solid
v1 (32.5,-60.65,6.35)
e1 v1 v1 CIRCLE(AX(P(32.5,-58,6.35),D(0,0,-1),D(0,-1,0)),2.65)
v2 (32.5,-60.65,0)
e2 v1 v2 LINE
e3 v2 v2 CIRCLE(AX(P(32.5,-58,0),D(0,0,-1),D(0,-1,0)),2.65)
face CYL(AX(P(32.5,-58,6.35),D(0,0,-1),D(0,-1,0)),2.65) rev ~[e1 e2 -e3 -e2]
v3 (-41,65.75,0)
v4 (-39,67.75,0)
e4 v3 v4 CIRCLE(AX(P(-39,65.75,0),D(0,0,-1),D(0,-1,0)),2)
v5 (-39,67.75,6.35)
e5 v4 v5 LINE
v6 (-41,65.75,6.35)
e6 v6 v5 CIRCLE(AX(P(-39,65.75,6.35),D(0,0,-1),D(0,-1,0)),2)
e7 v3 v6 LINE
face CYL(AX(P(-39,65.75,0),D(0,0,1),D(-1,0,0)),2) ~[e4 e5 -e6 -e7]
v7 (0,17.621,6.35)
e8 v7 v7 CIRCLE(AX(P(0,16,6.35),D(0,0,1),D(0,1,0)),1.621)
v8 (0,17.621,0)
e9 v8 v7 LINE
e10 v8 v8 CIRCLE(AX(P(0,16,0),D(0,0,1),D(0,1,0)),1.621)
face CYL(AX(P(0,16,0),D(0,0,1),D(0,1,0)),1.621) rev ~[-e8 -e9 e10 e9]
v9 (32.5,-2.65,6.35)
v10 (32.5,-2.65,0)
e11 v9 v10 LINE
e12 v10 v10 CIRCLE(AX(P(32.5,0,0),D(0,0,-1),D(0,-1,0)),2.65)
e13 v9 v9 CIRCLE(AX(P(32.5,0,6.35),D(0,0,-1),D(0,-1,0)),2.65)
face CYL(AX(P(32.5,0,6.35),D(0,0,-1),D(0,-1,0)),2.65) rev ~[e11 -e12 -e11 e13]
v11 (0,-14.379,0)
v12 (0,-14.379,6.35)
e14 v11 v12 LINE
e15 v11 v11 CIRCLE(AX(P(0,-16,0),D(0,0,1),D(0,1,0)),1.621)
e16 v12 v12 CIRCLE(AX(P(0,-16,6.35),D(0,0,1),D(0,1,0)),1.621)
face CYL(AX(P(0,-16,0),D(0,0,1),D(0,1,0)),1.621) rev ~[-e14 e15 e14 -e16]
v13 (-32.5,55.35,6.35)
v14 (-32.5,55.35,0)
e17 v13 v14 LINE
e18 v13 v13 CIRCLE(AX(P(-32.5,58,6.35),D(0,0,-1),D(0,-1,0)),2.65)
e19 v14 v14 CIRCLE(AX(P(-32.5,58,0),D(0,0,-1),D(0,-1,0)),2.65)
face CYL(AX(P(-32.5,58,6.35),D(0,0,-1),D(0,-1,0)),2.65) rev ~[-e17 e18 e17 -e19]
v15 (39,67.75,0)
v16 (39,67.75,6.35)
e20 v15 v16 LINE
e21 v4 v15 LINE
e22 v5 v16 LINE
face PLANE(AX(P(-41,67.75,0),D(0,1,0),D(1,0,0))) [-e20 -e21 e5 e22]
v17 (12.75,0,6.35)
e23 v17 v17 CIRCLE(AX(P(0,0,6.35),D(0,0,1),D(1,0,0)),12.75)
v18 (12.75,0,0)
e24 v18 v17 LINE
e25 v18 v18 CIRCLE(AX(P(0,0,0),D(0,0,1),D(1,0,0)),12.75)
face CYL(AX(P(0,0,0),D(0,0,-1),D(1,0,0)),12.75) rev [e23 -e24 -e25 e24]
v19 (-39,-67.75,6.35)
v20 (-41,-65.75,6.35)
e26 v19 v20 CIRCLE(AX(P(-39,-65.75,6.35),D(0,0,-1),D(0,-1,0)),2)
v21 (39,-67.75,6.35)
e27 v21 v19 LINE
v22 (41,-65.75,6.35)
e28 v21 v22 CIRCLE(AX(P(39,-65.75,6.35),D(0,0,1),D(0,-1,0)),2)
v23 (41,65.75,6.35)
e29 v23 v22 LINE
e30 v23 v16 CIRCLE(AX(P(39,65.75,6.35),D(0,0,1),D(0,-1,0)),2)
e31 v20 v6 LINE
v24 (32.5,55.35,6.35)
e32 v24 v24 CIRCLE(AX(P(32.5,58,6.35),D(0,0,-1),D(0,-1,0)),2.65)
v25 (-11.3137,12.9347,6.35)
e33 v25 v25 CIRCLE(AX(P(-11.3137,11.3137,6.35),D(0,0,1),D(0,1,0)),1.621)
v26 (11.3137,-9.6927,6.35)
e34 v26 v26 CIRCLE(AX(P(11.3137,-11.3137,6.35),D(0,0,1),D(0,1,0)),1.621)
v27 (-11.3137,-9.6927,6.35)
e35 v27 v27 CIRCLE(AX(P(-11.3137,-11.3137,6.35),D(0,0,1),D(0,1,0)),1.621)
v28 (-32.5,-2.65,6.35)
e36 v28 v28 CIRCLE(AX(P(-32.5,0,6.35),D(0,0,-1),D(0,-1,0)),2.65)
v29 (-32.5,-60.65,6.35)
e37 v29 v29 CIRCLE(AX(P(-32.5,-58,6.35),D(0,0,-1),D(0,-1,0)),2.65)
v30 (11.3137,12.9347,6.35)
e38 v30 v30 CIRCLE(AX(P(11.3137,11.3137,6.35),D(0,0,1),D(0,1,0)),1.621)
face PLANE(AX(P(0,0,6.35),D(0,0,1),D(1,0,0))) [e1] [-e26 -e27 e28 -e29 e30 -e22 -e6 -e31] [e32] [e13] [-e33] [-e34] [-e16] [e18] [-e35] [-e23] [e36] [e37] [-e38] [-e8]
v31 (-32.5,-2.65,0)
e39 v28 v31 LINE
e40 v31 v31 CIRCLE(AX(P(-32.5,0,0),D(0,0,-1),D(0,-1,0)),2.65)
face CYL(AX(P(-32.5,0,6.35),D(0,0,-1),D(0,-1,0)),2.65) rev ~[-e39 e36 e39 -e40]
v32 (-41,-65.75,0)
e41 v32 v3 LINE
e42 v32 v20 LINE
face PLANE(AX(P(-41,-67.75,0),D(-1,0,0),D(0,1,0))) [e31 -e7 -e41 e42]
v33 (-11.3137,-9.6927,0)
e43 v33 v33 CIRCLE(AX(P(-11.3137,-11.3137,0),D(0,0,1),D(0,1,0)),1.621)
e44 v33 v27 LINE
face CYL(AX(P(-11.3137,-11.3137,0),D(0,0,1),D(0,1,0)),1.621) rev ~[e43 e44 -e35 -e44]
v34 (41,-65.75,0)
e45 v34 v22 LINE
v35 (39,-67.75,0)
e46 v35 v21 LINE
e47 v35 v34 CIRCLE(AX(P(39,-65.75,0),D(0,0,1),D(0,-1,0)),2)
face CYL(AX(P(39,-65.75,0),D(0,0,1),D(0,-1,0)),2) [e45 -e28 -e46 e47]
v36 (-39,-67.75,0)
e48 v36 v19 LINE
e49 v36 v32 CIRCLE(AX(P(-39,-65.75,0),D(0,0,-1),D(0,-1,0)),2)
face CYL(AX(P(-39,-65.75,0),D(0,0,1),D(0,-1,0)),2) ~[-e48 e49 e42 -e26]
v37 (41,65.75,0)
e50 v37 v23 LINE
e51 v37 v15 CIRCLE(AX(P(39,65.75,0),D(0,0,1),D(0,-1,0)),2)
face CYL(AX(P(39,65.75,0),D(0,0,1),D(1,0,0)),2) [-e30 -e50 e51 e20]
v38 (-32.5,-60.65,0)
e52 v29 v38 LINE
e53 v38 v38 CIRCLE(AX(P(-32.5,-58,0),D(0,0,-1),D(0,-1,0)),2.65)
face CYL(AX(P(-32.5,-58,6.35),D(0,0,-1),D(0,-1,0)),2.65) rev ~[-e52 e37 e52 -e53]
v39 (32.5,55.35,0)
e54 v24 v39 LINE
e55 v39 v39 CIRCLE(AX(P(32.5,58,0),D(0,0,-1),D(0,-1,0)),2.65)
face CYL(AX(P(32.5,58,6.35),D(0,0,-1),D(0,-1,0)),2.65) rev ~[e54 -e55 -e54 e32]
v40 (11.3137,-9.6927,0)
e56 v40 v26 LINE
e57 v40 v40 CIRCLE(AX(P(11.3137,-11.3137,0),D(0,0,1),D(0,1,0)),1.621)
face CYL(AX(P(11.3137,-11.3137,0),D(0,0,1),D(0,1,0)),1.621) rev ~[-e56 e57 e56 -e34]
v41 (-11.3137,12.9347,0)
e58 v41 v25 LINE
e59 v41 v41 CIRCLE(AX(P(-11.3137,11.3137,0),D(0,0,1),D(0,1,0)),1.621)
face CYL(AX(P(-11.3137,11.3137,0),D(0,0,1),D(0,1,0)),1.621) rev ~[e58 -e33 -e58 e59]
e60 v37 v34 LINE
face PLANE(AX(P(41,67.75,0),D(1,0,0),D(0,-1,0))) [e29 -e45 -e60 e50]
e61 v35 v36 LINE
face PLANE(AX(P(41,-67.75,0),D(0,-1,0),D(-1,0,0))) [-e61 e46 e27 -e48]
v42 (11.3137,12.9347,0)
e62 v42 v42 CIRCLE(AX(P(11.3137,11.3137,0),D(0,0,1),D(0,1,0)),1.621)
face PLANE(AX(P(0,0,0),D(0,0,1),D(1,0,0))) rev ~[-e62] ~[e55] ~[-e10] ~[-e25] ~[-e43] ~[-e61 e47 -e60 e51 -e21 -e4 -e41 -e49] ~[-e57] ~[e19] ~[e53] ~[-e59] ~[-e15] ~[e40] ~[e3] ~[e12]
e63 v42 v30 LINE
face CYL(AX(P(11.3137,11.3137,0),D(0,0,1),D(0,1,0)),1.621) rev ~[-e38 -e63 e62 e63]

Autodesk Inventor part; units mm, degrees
ref_plane "XY Plane" through (0, 0, 0) normal (0, 0, 1) x (1, 0, 0)
sketch "Sketch1" plane through (0, 0, 0) normal (0, 0, 1) x (1, 0, 0)
  line L0 (41, -67.75) -> (-41, -67.75)
  line L1 (-41, -67.75) -> (-41, 67.75)
  line L2 (-41, 67.75) -> (41, 67.75)
  line L3 (41, 67.75) -> (41, -67.75)
  line L4 (41, -67.75) -> (-41, 67.75) construction
  line L5 (-41, -67.75) -> (41, 67.75) construction
  circle A0 centre (0, 0) radius 12.75
  line L6 (11.3137, -11.3137) -> (-11.3137, -11.3137) construction
  line L7 (-11.3137, -11.3137) -> (-11.3137, 11.3137) construction
  line L8 (-11.3137, 11.3137) -> (11.3137, 11.3137) construction
  line L9 (11.3137, 11.3137) -> (11.3137, -11.3137) construction
  line L10 (11.3137, -11.3137) -> (-11.3137, 11.3137) construction
  line L11 (-11.3137, -11.3137) -> (11.3137, 11.3137) construction
  circle A1 centre (0, 0) radius 16 construction
  line L12 (0, 16) -> (0, -16) construction
  dimension "d0" = 82
  dimension "d1" = 135.5
  dimension "d2" = 25.5
  dimension "d3" = 32
  dimension "d4" = 0
extrude "Extrusion1" add sketch "Sketch1" along normal blind 6.35
hole "Hole1" at (0, 16, 0) at (11.3137, 11.3137, 0) at (-11.3137, 11.3137, 0) at (11.3137, -11.3137, 0) at (0, -16, 0) at (-11.3137, -11.3137, 0) direction (0, 0, 1) diameter 3.242 end through all thread size "M4x0.7" class "6H" standard "ANSI Metric M Profile"
fillet "Fillet1" radius 2 4 edges at (41, 67.75, 3.175) (-41, 67.75, 3.175) (-41, -67.75, 3.175) (41, -67.75, 3.175)
sketch "Sketch2" plane through (0, 0, 6.35) normal (0, 0, 1) x (1, 0, 0)
  line L0 (32.5, -58) -> (-32.5, -58) construction
  line L1 (-32.5, -58) -> (-32.5, 58) construction
  line L2 (-32.5, 58) -> (32.5, 58) construction
  line L3 (32.5, 58) -> (32.5, -58) construction
  line L4 (32.5, -58) -> (-32.5, 58) construction
  line L5 (-32.5, -58) -> (32.5, 58) construction
  point P0 (0, 0)
  point P1 (32.5, 0)
  point P2 (-32.5, 0)
  dimension "d15" = 65
  dimension "d16" = 116
hole "Hole2" at (-32.5, 58, 6.35) at (32.5, 58, 6.35) at (32.5, 0, 6.35) at (32.5, -58, 6.35) at (-32.5, -58, 6.35) at (-32.5, 0, 6.35) direction (0, 0, -1) diameter 5.3 end through all
properties part number "Z-Axis Nut Plate" material "Aluminum 6061"
